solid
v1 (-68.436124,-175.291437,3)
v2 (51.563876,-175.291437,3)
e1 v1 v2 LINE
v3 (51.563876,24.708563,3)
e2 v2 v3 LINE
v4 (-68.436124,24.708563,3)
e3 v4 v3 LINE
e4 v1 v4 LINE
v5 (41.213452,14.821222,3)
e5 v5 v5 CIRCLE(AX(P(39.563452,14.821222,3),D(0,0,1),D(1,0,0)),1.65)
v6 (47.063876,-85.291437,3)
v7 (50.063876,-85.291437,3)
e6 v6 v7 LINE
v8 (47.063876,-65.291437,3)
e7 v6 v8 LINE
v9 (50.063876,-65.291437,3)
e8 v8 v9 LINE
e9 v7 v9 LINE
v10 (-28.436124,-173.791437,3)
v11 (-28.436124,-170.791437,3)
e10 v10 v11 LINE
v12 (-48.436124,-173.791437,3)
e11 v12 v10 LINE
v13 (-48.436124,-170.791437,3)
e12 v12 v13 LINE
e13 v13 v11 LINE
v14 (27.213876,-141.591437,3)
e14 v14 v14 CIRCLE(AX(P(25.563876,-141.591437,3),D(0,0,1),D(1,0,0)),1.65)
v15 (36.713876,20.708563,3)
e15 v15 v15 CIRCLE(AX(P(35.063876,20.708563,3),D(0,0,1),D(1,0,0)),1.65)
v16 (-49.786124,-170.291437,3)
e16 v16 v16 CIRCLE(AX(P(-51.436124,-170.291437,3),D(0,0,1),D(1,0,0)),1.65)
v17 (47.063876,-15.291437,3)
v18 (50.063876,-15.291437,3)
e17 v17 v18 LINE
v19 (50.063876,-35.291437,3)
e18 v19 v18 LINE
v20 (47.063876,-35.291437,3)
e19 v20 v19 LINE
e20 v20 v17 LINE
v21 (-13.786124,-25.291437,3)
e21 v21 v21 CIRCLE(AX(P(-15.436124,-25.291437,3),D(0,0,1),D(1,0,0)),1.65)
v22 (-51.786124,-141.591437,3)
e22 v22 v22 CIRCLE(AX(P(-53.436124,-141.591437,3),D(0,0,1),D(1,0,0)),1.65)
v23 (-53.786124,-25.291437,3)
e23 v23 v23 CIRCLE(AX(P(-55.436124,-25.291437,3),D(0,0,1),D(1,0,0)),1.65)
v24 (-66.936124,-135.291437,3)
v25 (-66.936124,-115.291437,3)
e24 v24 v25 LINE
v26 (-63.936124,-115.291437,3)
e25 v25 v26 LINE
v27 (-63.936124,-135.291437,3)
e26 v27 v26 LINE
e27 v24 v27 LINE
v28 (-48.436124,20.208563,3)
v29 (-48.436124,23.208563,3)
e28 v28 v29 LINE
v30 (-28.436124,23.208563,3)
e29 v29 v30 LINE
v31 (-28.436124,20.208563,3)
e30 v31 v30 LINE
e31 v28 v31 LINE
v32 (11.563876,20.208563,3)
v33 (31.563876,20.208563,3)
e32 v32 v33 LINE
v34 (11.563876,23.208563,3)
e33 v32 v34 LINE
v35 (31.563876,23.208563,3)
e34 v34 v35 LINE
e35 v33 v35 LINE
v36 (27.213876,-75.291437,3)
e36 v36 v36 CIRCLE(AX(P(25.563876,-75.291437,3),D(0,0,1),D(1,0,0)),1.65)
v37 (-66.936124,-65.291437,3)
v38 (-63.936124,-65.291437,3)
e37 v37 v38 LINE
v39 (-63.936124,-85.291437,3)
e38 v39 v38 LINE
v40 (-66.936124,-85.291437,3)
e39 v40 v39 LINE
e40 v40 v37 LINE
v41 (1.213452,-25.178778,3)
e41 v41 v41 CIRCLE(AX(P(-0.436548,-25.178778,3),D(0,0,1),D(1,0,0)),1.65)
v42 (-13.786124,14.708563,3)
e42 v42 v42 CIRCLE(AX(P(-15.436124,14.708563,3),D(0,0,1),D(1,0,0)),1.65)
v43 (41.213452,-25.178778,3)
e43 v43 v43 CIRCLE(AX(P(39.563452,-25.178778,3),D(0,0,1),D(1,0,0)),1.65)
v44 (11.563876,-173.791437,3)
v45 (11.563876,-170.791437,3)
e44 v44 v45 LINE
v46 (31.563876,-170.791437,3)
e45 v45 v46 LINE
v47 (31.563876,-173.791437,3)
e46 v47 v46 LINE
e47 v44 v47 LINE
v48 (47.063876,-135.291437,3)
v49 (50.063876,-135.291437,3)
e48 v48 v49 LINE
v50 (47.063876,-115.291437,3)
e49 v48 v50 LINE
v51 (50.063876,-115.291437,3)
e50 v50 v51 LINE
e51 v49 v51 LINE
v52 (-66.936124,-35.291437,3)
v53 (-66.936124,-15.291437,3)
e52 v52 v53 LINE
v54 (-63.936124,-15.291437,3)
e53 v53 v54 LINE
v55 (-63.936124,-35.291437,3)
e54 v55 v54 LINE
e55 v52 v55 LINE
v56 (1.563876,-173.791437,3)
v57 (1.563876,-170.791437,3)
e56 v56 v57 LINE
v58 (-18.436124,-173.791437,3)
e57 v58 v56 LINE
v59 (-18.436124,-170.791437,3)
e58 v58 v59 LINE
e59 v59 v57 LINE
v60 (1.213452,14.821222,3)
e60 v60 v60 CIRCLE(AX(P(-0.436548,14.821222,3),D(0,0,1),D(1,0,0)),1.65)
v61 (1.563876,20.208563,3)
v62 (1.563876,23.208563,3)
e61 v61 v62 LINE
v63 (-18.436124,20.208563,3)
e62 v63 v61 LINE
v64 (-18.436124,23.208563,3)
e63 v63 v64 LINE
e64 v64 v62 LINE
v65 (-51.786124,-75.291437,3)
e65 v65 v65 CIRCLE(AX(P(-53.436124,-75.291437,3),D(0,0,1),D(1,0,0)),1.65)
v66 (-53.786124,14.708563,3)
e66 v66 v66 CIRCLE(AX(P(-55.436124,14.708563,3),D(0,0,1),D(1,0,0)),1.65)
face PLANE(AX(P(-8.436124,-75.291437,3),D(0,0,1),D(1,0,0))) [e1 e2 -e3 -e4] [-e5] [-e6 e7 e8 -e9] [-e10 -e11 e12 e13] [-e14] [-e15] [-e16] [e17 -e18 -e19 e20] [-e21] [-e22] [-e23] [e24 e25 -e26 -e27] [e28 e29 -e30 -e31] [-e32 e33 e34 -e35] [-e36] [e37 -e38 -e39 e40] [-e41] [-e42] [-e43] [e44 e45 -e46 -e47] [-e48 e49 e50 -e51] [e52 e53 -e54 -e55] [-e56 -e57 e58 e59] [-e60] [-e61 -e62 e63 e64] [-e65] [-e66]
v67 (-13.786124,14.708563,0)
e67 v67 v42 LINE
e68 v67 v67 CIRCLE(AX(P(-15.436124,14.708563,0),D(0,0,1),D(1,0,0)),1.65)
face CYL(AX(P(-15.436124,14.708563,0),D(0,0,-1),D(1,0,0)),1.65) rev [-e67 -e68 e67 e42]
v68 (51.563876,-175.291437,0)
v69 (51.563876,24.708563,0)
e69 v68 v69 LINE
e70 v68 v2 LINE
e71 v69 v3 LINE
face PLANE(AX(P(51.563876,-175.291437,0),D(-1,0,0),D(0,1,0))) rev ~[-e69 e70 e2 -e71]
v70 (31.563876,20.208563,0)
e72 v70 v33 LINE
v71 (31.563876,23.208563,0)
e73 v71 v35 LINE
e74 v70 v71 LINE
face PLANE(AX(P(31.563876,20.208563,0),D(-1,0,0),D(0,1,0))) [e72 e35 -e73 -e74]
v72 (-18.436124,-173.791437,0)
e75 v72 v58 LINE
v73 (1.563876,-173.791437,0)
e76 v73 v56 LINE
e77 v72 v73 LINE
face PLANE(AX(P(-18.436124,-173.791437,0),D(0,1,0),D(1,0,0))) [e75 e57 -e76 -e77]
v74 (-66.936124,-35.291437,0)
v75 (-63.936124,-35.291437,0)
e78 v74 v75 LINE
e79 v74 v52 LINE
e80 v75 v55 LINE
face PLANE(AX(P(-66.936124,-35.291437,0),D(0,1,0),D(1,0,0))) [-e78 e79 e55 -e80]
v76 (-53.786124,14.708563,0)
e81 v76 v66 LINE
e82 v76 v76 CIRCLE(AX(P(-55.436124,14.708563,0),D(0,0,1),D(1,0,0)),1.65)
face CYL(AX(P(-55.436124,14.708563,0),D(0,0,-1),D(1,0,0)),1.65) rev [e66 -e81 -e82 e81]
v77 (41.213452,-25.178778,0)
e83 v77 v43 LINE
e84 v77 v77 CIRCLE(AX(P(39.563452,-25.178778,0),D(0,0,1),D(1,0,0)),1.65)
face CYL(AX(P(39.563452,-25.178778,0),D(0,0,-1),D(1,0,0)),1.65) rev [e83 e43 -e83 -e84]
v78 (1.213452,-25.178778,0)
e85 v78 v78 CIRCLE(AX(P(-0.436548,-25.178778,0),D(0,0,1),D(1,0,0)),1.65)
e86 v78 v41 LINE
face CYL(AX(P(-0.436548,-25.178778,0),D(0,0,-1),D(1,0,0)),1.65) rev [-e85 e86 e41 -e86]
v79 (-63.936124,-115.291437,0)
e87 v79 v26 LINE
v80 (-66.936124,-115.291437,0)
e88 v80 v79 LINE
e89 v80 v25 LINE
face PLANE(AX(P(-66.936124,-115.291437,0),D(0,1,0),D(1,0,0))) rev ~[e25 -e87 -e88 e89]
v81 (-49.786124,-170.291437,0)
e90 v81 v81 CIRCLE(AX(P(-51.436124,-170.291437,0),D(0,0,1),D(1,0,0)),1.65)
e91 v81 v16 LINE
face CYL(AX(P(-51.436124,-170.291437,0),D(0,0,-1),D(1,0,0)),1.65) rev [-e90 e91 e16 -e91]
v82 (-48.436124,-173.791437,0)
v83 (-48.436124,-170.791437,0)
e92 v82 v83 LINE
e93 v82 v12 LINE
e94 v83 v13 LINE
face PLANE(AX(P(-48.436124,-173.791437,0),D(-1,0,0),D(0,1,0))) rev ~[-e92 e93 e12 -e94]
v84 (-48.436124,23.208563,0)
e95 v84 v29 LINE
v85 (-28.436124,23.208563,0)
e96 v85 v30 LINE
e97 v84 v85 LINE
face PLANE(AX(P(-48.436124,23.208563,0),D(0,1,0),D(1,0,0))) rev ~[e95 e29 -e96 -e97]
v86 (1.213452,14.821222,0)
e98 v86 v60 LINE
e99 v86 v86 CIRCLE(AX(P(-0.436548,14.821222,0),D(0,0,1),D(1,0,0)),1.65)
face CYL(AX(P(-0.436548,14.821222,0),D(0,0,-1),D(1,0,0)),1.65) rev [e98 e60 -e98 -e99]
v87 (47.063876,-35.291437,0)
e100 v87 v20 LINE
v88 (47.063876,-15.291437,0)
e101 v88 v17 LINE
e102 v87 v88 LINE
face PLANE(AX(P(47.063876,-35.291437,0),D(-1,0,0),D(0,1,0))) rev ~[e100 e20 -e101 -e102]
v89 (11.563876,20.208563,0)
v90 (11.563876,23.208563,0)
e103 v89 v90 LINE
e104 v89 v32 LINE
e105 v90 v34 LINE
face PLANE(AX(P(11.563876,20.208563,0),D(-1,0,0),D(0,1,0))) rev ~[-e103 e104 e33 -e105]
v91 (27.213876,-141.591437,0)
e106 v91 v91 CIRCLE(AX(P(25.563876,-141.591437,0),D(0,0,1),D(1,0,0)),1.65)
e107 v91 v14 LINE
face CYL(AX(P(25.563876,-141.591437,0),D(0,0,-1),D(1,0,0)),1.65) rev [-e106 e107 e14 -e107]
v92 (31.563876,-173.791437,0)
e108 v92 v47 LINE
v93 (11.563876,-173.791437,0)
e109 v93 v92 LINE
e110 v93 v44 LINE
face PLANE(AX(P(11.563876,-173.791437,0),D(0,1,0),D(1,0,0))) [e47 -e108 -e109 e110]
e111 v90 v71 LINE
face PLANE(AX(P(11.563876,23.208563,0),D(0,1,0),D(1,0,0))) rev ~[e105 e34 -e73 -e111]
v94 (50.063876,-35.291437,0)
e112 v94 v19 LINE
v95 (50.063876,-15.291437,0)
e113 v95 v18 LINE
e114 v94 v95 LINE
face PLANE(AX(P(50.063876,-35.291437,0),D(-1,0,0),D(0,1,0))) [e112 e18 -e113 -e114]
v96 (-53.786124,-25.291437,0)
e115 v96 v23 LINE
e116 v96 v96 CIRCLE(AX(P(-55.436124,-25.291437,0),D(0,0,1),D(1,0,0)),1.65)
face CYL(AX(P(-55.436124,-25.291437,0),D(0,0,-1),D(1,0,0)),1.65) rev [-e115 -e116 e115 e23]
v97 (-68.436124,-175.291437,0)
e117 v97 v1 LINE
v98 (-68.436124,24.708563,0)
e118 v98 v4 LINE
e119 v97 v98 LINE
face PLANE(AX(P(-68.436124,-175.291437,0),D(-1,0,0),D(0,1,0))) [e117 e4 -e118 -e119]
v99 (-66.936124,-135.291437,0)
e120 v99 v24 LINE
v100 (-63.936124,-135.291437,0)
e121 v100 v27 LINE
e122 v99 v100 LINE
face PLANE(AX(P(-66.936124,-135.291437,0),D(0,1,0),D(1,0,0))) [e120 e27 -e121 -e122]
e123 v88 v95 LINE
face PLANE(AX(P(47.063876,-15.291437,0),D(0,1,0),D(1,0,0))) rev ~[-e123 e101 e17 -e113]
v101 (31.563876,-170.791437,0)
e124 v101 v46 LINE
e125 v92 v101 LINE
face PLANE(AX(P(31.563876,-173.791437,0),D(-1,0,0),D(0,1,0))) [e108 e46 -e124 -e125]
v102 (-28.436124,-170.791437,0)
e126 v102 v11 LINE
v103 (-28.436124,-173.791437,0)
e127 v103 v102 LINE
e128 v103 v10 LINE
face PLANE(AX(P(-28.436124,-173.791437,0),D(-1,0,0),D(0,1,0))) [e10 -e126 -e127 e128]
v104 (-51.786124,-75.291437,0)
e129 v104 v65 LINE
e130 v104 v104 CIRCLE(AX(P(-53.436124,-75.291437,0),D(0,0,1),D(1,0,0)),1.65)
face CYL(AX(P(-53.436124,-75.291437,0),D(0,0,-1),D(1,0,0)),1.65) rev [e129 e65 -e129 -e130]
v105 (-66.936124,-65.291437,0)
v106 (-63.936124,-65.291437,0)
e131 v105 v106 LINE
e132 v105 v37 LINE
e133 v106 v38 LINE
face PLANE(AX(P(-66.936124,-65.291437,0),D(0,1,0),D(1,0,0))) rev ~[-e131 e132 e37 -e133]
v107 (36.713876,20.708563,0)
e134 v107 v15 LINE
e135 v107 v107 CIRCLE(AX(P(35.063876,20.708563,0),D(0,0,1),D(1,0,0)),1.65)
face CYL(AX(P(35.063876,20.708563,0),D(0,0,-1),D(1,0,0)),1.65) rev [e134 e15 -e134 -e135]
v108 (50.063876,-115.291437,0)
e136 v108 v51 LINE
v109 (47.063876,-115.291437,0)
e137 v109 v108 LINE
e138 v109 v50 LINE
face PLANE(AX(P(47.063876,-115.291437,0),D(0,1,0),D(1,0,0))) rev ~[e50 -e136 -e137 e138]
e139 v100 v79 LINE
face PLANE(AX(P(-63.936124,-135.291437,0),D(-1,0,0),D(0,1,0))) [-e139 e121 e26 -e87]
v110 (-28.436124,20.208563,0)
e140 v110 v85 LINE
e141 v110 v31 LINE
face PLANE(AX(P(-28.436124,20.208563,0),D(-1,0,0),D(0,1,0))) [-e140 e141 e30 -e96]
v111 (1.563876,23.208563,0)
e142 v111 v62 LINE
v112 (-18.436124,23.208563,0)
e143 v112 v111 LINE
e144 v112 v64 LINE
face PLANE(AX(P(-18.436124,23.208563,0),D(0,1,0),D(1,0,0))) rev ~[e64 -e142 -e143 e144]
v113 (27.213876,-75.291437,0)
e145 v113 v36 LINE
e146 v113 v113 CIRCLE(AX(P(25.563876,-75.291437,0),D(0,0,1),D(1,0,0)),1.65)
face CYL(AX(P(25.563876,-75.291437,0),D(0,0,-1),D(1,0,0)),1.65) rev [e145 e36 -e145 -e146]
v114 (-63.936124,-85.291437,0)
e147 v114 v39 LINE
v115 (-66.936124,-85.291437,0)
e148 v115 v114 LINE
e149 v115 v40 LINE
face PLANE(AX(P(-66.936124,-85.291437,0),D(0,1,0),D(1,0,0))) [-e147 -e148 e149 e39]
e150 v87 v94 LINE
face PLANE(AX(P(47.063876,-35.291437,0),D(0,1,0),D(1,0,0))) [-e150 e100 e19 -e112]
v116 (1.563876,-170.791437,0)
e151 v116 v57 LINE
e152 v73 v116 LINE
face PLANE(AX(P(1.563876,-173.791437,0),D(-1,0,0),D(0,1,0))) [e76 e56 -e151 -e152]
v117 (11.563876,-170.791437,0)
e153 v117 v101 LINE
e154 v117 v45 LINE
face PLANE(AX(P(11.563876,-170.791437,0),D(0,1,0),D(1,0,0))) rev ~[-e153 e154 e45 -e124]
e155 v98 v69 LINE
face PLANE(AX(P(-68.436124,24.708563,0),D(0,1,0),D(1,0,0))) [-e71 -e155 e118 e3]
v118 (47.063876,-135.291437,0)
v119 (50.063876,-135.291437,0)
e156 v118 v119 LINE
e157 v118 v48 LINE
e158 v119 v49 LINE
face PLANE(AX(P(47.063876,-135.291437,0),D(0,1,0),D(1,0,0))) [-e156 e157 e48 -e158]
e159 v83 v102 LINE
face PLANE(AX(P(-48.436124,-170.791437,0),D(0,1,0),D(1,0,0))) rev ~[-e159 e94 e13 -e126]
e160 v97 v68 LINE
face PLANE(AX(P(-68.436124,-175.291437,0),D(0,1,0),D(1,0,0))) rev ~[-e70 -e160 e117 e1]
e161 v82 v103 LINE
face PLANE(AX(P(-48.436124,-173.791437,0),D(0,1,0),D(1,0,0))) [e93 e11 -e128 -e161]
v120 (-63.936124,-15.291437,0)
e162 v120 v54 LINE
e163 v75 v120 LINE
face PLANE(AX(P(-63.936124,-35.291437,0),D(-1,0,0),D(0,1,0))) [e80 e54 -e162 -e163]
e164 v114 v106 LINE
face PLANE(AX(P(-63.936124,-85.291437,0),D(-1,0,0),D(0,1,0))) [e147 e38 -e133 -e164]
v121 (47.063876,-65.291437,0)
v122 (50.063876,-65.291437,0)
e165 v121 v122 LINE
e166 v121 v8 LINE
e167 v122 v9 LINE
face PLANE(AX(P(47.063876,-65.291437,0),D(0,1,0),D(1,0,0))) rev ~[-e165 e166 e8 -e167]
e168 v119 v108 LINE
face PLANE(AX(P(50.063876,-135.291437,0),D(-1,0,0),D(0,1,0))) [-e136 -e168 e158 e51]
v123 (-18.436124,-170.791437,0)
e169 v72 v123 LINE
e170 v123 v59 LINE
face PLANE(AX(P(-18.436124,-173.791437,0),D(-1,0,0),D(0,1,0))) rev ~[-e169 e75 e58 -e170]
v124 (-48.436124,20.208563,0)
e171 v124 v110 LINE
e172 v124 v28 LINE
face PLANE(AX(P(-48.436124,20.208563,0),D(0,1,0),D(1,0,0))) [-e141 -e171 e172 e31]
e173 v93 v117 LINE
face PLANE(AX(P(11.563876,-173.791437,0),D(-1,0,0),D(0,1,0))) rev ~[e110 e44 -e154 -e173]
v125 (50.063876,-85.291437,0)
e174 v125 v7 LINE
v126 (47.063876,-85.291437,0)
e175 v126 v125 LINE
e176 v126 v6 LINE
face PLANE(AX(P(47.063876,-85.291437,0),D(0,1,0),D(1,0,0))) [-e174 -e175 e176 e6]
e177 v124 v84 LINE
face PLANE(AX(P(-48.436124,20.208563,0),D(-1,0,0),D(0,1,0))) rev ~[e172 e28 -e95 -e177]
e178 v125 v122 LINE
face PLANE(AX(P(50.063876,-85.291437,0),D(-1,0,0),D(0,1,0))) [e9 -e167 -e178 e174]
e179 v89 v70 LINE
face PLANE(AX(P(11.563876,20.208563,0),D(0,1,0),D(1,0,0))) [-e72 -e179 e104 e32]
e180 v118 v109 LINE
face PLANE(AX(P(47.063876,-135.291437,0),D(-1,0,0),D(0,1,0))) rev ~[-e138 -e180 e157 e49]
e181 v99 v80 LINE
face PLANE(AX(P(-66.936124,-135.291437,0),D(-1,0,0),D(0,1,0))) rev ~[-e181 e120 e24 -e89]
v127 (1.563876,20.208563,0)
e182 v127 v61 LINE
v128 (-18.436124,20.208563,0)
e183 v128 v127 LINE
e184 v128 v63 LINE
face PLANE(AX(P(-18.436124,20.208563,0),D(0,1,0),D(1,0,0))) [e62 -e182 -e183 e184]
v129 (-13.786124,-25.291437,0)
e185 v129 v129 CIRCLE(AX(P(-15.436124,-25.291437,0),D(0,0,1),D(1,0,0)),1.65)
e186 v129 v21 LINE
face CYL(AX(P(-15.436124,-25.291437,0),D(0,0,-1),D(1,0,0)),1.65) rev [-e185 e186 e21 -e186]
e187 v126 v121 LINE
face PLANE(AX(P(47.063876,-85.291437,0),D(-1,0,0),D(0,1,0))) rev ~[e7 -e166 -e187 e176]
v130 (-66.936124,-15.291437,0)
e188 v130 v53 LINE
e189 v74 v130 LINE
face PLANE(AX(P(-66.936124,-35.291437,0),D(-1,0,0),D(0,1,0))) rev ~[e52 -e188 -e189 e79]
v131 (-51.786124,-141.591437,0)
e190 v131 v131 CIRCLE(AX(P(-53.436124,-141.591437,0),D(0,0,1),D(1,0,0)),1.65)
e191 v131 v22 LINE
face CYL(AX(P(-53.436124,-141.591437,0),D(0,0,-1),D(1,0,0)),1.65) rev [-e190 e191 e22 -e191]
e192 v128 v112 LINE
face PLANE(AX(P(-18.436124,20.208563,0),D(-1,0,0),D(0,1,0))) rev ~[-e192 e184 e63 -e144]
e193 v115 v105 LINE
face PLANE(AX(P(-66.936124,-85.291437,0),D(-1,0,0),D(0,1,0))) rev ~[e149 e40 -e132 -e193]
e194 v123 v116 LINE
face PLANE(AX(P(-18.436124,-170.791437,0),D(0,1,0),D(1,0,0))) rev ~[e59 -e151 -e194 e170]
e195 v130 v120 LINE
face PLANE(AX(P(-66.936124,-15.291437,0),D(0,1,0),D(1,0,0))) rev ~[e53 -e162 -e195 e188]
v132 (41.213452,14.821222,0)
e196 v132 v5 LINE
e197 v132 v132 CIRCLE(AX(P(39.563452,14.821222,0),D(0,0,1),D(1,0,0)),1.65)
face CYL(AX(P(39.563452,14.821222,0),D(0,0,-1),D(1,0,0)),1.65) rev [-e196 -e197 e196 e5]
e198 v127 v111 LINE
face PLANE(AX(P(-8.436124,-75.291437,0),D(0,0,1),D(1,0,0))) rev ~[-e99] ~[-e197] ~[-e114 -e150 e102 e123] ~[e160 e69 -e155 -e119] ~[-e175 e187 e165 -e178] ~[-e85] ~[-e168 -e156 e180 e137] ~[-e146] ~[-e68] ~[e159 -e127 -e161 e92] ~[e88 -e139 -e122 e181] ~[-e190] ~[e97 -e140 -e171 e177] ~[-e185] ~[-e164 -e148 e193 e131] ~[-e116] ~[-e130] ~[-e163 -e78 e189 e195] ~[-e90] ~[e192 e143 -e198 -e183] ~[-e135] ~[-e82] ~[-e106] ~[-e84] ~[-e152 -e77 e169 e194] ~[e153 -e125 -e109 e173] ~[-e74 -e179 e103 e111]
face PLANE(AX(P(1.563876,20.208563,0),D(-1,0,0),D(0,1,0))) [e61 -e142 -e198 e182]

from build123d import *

# Parameters (mm, degrees)
SKETCH1_W           = 120
SKETCH1_H           = 200
SKETCH1_R           = 1.65
SKETCH1_W_2         = 3
SKETCH1_H_2         = 20
SKETCH1_W_3         = 20
SKETCH1_H_3         = 3
BOSS_EXTRUDE1_DEPTH = 3


with BuildPart() as part:
    # Sketch1 → Boss-Extrude1 (new body)
    with BuildSketch(Plane.XY):
        with Locations((-8.436124494, -75.291436911)):
            Rectangle(SKETCH1_W, SKETCH1_H)
        with Locations((-55.436124494, 14.708563089)):
            Circle(SKETCH1_R, mode=Mode.SUBTRACT)
        with Locations((-15.436124494, 14.708563089)):
            Circle(SKETCH1_R, mode=Mode.SUBTRACT)
        with Locations((-15.436124494, -25.291436911)):
            Circle(SKETCH1_R, mode=Mode.SUBTRACT)
        with Locations((-55.436124494, -25.291436911)):
            Circle(SKETCH1_R, mode=Mode.SUBTRACT)
        with Locations((-0.436547566, 14.821221739)):
            Circle(SKETCH1_R, mode=Mode.SUBTRACT)
        with Locations((39.563452434, 14.821221739)):
            Circle(SKETCH1_R, mode=Mode.SUBTRACT)
        with Locations((39.563452434, -25.178778261)):
            Circle(SKETCH1_R, mode=Mode.SUBTRACT)
        with Locations((-0.436547566, -25.178778261)):
            Circle(SKETCH1_R, mode=Mode.SUBTRACT)
        with Locations((-53.436124494, -75.291436911)):
            Circle(SKETCH1_R, mode=Mode.SUBTRACT)
        with Locations((25.563875506, -75.291436911)):
            Circle(SKETCH1_R, mode=Mode.SUBTRACT)
        with Locations((25.563875506, -141.591436911)):
            Circle(SKETCH1_R, mode=Mode.SUBTRACT)
        with Locations((-53.436124494, -141.591436911)):
            Circle(SKETCH1_R, mode=Mode.SUBTRACT)
        with Locations((-51.436124494, -170.291436911)):
            Circle(SKETCH1_R, mode=Mode.SUBTRACT)
        with Locations((35.063875506, 20.708563089)):
            Circle(SKETCH1_R, mode=Mode.SUBTRACT)
        with Locations((-65.436124494, -25.291436911)):
            Rectangle(SKETCH1_W_2, SKETCH1_H_2, mode=Mode.SUBTRACT)
        with Locations((-65.436124494, -75.291436911)):
            Rectangle(SKETCH1_W_2, SKETCH1_H_2, mode=Mode.SUBTRACT)
        with Locations((-65.436124494, -125.291436911)):
            Rectangle(SKETCH1_W_2, SKETCH1_H_2, mode=Mode.SUBTRACT)
        with Locations((48.563875506, -25.291436911)):
            Rectangle(SKETCH1_W_2, SKETCH1_H_2, mode=Mode.SUBTRACT)
        with Locations((48.563875506, -75.291436911)):
            Rectangle(SKETCH1_W_2, SKETCH1_H_2, mode=Mode.SUBTRACT)
        with Locations((48.563875506, -125.291436911)):
            Rectangle(SKETCH1_W_2, SKETCH1_H_2, mode=Mode.SUBTRACT)
        with Locations((-38.436124494, -172.291436911)):
            Rectangle(SKETCH1_W_3, SKETCH1_H_3, mode=Mode.SUBTRACT)
        with Locations((-8.436124494, -172.291436911)):
            Rectangle(SKETCH1_W_3, SKETCH1_H_3, mode=Mode.SUBTRACT)
        with Locations((21.563875506, -172.291436911)):
            Rectangle(SKETCH1_W_3, SKETCH1_H_3, mode=Mode.SUBTRACT)
        with Locations((-38.436124494, 21.708563089)):
            Rectangle(SKETCH1_W_3, SKETCH1_H_3, mode=Mode.SUBTRACT)
        with Locations((-8.436124494, 21.708563089)):
            Rectangle(SKETCH1_W_3, SKETCH1_H_3, mode=Mode.SUBTRACT)
        with Locations((21.563875506, 21.708563089)):
            Rectangle(SKETCH1_W_3, SKETCH1_H_3, mode=Mode.SUBTRACT)
    extrude(amount=BOSS_EXTRUDE1_DEPTH)


solid = part.part
